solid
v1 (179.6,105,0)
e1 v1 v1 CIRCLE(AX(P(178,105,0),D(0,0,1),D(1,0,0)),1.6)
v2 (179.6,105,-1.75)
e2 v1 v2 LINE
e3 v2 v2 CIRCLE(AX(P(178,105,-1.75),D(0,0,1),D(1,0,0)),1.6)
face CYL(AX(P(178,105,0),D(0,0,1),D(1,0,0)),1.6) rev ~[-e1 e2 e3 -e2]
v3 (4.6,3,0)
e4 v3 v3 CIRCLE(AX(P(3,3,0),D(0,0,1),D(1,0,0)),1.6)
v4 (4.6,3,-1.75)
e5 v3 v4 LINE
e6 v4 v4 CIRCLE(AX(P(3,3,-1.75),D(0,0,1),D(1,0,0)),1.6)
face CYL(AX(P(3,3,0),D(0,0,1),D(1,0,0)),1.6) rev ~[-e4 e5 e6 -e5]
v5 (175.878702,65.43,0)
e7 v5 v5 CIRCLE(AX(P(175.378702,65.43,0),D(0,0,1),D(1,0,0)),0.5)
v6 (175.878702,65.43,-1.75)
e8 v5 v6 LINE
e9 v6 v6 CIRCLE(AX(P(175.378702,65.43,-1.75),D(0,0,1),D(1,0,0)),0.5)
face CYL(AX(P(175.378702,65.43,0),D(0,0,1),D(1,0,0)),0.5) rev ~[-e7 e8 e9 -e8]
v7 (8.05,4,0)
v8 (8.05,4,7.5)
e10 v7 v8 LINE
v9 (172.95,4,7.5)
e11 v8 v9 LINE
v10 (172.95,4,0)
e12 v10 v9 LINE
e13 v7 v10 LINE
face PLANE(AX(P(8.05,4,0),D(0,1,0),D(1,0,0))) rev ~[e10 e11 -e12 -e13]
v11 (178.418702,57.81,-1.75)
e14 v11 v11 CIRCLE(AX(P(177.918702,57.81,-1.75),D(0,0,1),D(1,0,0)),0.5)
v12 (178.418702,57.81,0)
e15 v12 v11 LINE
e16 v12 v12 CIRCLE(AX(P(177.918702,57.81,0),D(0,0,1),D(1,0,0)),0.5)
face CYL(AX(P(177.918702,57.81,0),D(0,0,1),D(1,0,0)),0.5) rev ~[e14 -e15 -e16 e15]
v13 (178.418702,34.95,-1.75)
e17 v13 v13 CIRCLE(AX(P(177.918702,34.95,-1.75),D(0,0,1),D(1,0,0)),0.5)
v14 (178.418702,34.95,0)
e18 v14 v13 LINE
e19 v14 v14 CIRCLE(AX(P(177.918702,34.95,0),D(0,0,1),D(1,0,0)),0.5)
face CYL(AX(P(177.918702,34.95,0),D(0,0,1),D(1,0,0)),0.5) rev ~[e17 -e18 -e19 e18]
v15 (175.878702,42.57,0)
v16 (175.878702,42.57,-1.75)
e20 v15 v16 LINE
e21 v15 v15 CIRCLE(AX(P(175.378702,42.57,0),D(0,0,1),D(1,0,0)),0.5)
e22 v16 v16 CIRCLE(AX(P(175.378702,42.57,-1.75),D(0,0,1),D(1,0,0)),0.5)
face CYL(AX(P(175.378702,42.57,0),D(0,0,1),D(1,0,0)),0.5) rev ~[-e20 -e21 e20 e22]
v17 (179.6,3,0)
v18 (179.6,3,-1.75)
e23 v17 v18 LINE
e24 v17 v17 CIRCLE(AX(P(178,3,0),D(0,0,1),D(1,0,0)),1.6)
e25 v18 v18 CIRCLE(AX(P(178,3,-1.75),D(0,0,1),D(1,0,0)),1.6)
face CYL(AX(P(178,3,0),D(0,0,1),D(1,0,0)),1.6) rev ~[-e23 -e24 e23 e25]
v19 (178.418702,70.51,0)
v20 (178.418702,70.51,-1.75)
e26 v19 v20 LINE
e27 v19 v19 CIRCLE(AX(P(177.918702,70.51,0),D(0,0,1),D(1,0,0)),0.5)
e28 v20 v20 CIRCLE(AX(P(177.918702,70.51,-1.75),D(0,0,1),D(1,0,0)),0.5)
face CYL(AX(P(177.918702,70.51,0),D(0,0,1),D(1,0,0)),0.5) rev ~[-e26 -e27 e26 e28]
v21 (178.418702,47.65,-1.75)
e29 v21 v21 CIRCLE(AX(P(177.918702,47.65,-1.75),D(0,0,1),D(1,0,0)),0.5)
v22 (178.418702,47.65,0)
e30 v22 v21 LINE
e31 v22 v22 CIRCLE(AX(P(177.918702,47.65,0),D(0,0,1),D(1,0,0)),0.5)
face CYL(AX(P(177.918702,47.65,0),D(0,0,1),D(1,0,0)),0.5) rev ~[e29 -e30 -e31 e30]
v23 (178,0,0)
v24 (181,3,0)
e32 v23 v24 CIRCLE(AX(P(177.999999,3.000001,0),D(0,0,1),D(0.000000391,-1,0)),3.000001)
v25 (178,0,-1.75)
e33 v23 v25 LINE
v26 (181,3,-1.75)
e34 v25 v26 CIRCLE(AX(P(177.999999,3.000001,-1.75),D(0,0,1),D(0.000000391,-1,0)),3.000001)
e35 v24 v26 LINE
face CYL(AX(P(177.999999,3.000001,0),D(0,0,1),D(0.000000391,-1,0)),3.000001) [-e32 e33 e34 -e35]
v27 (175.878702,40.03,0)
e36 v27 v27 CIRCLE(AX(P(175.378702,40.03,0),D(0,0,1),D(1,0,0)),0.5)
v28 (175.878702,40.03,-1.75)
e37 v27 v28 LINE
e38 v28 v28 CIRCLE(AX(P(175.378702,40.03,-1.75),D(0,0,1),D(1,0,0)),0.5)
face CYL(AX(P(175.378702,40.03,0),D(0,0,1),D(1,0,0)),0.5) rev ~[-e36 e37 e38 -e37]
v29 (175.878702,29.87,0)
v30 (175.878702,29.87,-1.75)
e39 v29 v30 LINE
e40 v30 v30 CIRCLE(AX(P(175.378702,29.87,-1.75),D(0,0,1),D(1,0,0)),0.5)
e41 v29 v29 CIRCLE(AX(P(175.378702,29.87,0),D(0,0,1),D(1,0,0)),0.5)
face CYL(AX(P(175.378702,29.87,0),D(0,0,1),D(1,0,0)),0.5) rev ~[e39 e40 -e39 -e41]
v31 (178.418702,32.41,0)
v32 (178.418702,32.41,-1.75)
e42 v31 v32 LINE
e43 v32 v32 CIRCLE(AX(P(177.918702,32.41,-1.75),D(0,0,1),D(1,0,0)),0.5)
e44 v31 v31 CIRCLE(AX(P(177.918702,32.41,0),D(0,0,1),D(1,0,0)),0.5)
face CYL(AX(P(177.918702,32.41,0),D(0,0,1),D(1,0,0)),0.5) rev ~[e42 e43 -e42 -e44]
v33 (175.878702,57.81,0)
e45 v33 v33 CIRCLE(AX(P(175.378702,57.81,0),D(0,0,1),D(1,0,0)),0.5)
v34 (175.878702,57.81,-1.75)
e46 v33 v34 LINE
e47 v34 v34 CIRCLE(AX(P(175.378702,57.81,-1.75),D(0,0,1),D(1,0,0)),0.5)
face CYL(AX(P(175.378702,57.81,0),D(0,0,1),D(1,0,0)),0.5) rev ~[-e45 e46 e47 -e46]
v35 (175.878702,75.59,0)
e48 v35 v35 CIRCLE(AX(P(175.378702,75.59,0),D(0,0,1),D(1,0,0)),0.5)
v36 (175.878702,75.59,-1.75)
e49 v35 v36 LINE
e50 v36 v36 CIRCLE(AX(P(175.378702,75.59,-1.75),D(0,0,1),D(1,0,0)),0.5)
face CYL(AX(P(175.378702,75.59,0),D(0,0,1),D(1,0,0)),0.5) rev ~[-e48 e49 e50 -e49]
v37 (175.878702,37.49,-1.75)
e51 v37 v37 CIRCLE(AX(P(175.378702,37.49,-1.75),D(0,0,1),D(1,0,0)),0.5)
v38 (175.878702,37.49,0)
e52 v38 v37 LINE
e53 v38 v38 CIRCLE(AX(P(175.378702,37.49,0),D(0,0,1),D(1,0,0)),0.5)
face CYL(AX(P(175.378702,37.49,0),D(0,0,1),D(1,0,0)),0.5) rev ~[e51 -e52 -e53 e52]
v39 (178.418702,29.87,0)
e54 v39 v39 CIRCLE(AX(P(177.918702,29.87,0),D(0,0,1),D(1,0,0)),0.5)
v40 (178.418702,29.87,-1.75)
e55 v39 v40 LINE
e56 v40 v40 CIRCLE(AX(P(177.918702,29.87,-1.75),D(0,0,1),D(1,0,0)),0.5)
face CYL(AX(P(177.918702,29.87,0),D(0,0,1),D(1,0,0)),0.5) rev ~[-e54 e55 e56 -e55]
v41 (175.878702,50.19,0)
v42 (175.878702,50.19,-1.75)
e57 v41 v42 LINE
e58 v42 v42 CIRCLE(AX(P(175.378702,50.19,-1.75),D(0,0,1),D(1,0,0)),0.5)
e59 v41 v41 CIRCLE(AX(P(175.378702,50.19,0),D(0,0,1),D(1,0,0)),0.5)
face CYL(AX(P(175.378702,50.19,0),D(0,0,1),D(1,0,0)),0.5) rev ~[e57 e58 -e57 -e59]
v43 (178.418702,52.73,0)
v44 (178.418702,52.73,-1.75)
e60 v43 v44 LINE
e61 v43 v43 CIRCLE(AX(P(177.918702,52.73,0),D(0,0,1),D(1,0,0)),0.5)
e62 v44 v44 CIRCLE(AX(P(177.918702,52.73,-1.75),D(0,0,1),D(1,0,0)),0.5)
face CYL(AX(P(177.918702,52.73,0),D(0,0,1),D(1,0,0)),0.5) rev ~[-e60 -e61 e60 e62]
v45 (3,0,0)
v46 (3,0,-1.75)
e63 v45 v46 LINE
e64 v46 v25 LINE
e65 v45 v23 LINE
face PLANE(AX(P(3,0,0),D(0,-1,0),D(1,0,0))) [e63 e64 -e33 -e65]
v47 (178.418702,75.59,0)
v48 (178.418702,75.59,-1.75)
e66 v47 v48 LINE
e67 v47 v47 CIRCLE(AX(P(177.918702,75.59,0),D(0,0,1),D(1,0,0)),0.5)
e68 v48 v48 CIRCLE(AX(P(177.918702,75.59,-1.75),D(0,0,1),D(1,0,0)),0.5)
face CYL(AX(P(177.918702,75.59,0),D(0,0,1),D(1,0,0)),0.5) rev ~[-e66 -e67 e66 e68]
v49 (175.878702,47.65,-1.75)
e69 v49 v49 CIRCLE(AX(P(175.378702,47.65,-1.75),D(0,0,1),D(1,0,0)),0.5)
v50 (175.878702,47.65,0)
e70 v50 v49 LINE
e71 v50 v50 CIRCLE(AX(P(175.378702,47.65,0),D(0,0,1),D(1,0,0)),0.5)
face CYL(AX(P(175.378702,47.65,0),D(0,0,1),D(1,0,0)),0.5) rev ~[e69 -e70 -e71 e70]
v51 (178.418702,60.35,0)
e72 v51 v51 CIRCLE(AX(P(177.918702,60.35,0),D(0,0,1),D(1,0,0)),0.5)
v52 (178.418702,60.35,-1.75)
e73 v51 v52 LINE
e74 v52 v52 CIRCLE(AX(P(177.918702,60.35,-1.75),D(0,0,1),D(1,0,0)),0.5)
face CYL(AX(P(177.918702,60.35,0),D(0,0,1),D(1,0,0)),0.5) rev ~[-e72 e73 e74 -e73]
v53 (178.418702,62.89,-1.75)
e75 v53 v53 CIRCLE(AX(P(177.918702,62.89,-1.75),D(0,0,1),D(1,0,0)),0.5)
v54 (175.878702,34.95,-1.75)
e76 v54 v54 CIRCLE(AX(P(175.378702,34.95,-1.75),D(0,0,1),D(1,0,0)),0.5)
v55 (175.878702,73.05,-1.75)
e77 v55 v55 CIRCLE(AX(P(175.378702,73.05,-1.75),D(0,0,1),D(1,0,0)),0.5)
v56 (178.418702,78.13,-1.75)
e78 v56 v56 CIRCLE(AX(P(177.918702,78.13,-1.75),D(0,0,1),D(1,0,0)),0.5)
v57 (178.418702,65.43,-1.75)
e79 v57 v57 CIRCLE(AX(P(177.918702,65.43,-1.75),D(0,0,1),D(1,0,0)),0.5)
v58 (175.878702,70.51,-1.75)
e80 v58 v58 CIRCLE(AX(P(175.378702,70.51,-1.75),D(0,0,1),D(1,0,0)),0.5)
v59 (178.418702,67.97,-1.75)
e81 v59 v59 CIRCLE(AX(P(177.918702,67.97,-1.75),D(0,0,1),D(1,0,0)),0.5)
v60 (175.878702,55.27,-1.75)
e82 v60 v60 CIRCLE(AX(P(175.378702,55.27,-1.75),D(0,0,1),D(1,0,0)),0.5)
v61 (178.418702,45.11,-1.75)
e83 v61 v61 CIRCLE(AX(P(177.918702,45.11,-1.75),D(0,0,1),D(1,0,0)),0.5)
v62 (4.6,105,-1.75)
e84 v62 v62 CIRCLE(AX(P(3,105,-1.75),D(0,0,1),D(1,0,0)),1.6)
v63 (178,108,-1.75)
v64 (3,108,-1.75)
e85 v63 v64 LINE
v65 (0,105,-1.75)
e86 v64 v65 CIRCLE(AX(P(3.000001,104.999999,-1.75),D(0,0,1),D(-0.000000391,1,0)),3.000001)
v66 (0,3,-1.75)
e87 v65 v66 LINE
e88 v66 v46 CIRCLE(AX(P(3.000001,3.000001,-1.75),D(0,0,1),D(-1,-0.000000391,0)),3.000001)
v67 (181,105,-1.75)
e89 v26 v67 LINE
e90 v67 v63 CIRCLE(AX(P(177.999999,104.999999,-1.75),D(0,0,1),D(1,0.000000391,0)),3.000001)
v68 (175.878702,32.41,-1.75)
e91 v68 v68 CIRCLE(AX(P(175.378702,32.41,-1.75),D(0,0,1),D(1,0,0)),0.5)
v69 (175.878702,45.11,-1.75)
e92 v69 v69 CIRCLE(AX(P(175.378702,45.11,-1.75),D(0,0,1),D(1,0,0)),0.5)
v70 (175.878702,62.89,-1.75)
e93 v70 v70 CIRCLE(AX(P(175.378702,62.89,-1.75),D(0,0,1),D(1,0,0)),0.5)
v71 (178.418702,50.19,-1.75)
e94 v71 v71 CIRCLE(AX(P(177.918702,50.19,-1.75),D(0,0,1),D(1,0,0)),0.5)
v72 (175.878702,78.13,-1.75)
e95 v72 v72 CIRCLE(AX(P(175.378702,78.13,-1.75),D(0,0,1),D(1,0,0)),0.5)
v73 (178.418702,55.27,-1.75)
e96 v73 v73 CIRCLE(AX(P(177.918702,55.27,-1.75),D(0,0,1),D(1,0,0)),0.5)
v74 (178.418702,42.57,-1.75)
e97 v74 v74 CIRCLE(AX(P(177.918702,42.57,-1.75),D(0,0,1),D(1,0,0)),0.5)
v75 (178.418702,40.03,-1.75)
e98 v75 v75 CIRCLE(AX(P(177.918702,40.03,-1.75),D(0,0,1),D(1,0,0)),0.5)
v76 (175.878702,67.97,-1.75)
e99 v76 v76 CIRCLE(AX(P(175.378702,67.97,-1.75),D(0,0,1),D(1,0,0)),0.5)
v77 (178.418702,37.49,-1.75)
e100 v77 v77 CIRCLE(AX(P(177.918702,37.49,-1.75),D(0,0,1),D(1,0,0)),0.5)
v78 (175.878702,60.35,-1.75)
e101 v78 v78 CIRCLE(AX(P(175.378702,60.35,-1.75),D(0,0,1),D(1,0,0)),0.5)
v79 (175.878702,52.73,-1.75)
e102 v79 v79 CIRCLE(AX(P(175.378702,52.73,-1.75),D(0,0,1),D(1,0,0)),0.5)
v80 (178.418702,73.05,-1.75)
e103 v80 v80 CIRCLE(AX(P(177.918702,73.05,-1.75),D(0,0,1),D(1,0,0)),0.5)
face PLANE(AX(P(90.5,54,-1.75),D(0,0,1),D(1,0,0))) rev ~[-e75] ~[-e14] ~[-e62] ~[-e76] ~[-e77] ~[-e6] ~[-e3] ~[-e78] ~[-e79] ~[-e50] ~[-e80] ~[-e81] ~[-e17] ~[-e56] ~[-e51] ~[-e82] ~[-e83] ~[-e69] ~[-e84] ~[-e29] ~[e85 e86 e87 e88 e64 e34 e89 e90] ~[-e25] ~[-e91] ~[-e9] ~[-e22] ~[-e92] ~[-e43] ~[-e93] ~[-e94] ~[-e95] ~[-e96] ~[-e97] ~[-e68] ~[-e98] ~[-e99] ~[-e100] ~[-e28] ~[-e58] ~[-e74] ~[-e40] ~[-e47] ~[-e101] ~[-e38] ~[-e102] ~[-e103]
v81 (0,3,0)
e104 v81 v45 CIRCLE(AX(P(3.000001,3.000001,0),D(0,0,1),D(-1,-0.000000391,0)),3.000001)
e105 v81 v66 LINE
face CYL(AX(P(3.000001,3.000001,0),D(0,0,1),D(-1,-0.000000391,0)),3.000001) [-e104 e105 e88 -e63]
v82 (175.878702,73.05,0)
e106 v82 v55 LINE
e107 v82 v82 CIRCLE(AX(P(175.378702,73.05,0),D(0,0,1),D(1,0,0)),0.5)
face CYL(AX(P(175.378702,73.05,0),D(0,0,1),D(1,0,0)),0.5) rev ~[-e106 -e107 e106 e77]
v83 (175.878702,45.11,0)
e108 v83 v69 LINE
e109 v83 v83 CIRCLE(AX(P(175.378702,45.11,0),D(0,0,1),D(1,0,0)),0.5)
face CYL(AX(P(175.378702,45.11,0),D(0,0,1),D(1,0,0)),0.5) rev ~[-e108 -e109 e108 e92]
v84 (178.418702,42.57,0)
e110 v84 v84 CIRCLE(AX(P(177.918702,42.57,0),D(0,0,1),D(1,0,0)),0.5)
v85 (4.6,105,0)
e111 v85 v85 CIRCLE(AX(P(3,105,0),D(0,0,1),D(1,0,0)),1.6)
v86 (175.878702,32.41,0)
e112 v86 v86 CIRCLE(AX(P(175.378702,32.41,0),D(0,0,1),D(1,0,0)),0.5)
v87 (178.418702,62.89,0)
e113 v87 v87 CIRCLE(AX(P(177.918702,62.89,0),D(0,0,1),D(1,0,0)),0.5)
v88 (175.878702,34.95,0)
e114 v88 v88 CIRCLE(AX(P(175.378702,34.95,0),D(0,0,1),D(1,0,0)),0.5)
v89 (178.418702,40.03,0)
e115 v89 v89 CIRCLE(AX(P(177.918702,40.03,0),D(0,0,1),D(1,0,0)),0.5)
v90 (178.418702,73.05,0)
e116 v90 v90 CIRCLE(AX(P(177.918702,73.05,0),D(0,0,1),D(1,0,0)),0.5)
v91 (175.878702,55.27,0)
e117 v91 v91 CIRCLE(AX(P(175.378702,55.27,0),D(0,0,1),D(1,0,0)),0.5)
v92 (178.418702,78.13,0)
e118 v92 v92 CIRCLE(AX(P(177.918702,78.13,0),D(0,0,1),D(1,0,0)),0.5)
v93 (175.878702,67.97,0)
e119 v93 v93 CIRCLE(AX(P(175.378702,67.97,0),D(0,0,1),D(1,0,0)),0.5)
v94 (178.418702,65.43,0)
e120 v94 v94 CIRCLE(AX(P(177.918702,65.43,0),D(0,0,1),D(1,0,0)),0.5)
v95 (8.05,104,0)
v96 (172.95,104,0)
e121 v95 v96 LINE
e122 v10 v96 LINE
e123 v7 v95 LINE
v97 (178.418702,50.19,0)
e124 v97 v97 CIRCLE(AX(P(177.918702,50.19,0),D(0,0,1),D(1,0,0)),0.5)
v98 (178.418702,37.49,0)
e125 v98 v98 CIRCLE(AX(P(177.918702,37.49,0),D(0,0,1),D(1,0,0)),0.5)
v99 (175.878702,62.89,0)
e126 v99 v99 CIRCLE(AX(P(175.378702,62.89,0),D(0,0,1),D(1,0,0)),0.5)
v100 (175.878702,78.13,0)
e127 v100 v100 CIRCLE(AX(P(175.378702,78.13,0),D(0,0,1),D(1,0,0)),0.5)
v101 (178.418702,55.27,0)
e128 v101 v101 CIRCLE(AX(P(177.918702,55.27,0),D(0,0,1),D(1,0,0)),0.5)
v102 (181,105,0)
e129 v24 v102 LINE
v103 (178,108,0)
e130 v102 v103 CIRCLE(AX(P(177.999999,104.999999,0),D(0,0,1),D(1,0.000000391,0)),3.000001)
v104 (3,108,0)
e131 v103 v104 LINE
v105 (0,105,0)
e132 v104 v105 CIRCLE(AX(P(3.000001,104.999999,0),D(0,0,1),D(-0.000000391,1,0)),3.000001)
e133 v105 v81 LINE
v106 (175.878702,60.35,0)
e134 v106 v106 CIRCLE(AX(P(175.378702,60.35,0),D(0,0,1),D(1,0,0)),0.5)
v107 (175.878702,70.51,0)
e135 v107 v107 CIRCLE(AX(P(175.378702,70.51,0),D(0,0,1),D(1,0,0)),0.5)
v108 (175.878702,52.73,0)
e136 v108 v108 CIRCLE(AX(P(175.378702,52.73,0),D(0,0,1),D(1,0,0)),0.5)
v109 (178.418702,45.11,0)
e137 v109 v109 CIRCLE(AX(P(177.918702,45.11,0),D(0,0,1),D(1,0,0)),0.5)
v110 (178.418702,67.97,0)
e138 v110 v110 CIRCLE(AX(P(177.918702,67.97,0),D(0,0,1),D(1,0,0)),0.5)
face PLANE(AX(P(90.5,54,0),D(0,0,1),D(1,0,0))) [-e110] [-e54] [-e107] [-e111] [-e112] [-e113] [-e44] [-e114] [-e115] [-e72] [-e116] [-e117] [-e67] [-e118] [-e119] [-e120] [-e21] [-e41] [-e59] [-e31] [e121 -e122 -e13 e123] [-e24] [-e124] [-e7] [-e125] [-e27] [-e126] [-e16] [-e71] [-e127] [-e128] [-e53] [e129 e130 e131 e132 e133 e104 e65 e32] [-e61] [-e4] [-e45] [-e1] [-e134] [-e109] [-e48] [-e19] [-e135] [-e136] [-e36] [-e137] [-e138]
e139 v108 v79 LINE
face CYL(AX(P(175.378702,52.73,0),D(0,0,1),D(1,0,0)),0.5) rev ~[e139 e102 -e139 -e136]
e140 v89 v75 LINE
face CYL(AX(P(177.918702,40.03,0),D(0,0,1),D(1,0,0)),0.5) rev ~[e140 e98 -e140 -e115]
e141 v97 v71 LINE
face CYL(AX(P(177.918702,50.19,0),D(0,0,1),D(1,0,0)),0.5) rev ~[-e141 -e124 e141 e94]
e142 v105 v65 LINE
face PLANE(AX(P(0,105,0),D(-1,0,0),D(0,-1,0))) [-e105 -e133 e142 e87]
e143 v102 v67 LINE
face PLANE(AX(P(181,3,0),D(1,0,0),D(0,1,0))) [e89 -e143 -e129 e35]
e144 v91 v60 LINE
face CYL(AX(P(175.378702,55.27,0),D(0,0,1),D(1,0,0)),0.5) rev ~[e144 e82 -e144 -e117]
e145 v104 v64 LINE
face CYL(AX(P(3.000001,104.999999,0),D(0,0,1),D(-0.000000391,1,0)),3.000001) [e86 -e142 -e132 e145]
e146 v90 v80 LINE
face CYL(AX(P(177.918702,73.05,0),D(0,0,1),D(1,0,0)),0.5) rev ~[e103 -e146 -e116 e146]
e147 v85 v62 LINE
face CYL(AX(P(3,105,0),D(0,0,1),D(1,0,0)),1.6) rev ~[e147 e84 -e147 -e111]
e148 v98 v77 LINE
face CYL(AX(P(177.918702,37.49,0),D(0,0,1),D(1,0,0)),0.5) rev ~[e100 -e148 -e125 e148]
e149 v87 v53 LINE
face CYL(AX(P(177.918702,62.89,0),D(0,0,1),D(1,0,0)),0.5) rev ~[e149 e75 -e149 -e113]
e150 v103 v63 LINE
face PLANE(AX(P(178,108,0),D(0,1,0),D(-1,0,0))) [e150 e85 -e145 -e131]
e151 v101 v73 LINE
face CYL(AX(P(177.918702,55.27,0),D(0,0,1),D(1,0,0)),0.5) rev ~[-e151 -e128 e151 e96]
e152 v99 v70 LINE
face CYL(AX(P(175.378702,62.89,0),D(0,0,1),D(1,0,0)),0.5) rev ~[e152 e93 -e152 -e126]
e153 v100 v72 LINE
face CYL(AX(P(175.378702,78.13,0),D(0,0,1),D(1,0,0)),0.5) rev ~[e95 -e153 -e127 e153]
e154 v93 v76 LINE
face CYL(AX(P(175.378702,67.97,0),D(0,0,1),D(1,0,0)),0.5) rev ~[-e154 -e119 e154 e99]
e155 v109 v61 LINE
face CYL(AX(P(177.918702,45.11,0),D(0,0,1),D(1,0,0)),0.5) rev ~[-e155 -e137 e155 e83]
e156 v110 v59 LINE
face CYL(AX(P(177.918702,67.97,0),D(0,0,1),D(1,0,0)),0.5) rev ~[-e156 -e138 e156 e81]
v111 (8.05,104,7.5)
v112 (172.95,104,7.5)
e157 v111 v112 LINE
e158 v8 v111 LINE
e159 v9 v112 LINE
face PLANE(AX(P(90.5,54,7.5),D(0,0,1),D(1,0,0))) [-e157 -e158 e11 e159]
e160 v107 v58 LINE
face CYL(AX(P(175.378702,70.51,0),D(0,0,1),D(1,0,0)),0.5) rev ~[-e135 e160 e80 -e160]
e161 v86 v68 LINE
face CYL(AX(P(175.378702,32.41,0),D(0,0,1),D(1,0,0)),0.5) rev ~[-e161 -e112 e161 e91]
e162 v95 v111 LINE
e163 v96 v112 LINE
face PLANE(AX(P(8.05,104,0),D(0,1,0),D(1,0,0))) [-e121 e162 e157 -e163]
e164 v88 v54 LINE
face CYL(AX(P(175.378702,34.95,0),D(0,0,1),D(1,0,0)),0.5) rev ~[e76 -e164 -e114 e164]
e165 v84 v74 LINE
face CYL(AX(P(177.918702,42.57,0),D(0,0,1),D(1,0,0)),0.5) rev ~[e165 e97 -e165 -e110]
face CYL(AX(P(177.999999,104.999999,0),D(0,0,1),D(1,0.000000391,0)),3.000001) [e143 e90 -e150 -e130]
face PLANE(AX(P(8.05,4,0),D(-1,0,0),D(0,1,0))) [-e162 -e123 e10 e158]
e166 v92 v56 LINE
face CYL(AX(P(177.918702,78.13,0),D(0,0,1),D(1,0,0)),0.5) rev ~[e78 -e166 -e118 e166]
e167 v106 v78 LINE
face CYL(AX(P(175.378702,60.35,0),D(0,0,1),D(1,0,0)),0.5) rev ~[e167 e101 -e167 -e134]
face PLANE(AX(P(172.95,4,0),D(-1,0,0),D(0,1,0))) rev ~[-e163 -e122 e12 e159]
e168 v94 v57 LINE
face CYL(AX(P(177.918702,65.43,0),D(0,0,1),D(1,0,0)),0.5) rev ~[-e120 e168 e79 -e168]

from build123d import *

# Parameters (mm, degrees)
F0_R     = 1.6
F0_R_2   = 0.5
F0_W     = 164.9
F0_H     = 100
F1_DEPTH = 1.75
F2_DEPTH = 7.5


with BuildPart() as f1:
    # F0 (on Top) → F1 (new body)
    with BuildSketch(Plane.XY):
        with BuildLine():
            ThreePointArc((0, 3), (0.87868, 0.87868), (3, 0))
            Line((3, 0), (178, 0))
            ThreePointArc((178, 0), (180.12132, 0.87868), (181, 3))
            Line((181, 3), (181, 105))
            ThreePointArc((181, 105), (180.12132, 107.12132), (178, 108))
            Line((178, 108), (3, 108))
            ThreePointArc((3, 108), (0.87868, 107.12132), (0, 105))
            Line((0, 105), (0, 3))
        make_face()
        with Locations((3, 3)):
            Circle(F0_R, mode=Mode.SUBTRACT)
        with Locations((178, 3)):
            Circle(F0_R, mode=Mode.SUBTRACT)
        with Locations((175.378702, 29.87)):
            Circle(F0_R_2, mode=Mode.SUBTRACT)
        with Locations((177.918702, 29.87)):
            Circle(F0_R_2, mode=Mode.SUBTRACT)
        with Locations((175.378702, 32.41)):
            Circle(F0_R_2, mode=Mode.SUBTRACT)
        with Locations((177.918702, 32.41)):
            Circle(F0_R_2, mode=Mode.SUBTRACT)
        with Locations((175.378702, 34.95)):
            Circle(F0_R_2, mode=Mode.SUBTRACT)
        with Locations((177.918702, 34.95)):
            Circle(F0_R_2, mode=Mode.SUBTRACT)
        with Locations((175.378702, 37.49)):
            Circle(F0_R_2, mode=Mode.SUBTRACT)
        with Locations((177.918702, 37.49)):
            Circle(F0_R_2, mode=Mode.SUBTRACT)
        with Locations((175.378702, 40.03)):
            Circle(F0_R_2, mode=Mode.SUBTRACT)
        with Locations((177.918702, 40.03)):
            Circle(F0_R_2, mode=Mode.SUBTRACT)
        with Locations((175.378702, 42.57)):
            Circle(F0_R_2, mode=Mode.SUBTRACT)
        with Locations((177.918702, 42.57)):
            Circle(F0_R_2, mode=Mode.SUBTRACT)
        with Locations((175.378702, 45.11)):
            Circle(F0_R_2, mode=Mode.SUBTRACT)
        with Locations((177.918702, 45.11)):
            Circle(F0_R_2, mode=Mode.SUBTRACT)
        with Locations((175.378702, 47.65)):
            Circle(F0_R_2, mode=Mode.SUBTRACT)
        with Locations((177.918702, 47.65)):
            Circle(F0_R_2, mode=Mode.SUBTRACT)
        with Locations((175.378702, 50.19)):
            Circle(F0_R_2, mode=Mode.SUBTRACT)
        with Locations((177.918702, 50.19)):
            Circle(F0_R_2, mode=Mode.SUBTRACT)
        with Locations((175.378702, 52.73)):
            Circle(F0_R_2, mode=Mode.SUBTRACT)
        with Locations((177.918702, 52.73)):
            Circle(F0_R_2, mode=Mode.SUBTRACT)
        with Locations((3, 105)):
            Circle(F0_R, mode=Mode.SUBTRACT)
        with Locations((90.5, 54)):
            Rectangle(F0_W, F0_H, mode=Mode.SUBTRACT)
        with Locations((175.378702, 55.27)):
            Circle(F0_R_2, mode=Mode.SUBTRACT)
        with Locations((177.918702, 55.27)):
            Circle(F0_R_2, mode=Mode.SUBTRACT)
        with Locations((175.378702, 57.81)):
            Circle(F0_R_2, mode=Mode.SUBTRACT)
        with Locations((177.918702, 57.81)):
            Circle(F0_R_2, mode=Mode.SUBTRACT)
        with Locations((175.378702, 60.35)):
            Circle(F0_R_2, mode=Mode.SUBTRACT)
        with Locations((177.918702, 60.35)):
            Circle(F0_R_2, mode=Mode.SUBTRACT)
        with Locations((175.378702, 62.89)):
            Circle(F0_R_2, mode=Mode.SUBTRACT)
        with Locations((177.918702, 62.89)):
            Circle(F0_R_2, mode=Mode.SUBTRACT)
        with Locations((175.378702, 65.43)):
            Circle(F0_R_2, mode=Mode.SUBTRACT)
        with Locations((177.918702, 65.43)):
            Circle(F0_R_2, mode=Mode.SUBTRACT)
        with Locations((175.378702, 67.97)):
            Circle(F0_R_2, mode=Mode.SUBTRACT)
        with Locations((177.918702, 67.97)):
            Circle(F0_R_2, mode=Mode.SUBTRACT)
        with Locations((175.378702, 70.51)):
            Circle(F0_R_2, mode=Mode.SUBTRACT)
        with Locations((177.918702, 70.51)):
            Circle(F0_R_2, mode=Mode.SUBTRACT)
        with Locations((175.378702, 73.05)):
            Circle(F0_R_2, mode=Mode.SUBTRACT)
        with Locations((177.918702, 73.05)):
            Circle(F0_R_2, mode=Mode.SUBTRACT)
        with Locations((175.378702, 75.59)):
            Circle(F0_R_2, mode=Mode.SUBTRACT)
        with Locations((177.918702, 75.59)):
            Circle(F0_R_2, mode=Mode.SUBTRACT)
        with Locations((175.378702, 78.13)):
            Circle(F0_R_2, mode=Mode.SUBTRACT)
        with Locations((177.918702, 78.13)):
            Circle(F0_R_2, mode=Mode.SUBTRACT)
        with Locations((178, 105)):
            Circle(F0_R, mode=Mode.SUBTRACT)
        with Locations((90.5, 54)):
            Rectangle(F0_W, F0_H)
    extrude(amount=-F1_DEPTH)

    # F0 (on Top) → F2 (join)
    with BuildSketch(Plane.XY):
        with Locations((90.5, 54)):
            Rectangle(F0_W, F0_H)
    extrude(amount=F2_DEPTH)


solid = f1.part
